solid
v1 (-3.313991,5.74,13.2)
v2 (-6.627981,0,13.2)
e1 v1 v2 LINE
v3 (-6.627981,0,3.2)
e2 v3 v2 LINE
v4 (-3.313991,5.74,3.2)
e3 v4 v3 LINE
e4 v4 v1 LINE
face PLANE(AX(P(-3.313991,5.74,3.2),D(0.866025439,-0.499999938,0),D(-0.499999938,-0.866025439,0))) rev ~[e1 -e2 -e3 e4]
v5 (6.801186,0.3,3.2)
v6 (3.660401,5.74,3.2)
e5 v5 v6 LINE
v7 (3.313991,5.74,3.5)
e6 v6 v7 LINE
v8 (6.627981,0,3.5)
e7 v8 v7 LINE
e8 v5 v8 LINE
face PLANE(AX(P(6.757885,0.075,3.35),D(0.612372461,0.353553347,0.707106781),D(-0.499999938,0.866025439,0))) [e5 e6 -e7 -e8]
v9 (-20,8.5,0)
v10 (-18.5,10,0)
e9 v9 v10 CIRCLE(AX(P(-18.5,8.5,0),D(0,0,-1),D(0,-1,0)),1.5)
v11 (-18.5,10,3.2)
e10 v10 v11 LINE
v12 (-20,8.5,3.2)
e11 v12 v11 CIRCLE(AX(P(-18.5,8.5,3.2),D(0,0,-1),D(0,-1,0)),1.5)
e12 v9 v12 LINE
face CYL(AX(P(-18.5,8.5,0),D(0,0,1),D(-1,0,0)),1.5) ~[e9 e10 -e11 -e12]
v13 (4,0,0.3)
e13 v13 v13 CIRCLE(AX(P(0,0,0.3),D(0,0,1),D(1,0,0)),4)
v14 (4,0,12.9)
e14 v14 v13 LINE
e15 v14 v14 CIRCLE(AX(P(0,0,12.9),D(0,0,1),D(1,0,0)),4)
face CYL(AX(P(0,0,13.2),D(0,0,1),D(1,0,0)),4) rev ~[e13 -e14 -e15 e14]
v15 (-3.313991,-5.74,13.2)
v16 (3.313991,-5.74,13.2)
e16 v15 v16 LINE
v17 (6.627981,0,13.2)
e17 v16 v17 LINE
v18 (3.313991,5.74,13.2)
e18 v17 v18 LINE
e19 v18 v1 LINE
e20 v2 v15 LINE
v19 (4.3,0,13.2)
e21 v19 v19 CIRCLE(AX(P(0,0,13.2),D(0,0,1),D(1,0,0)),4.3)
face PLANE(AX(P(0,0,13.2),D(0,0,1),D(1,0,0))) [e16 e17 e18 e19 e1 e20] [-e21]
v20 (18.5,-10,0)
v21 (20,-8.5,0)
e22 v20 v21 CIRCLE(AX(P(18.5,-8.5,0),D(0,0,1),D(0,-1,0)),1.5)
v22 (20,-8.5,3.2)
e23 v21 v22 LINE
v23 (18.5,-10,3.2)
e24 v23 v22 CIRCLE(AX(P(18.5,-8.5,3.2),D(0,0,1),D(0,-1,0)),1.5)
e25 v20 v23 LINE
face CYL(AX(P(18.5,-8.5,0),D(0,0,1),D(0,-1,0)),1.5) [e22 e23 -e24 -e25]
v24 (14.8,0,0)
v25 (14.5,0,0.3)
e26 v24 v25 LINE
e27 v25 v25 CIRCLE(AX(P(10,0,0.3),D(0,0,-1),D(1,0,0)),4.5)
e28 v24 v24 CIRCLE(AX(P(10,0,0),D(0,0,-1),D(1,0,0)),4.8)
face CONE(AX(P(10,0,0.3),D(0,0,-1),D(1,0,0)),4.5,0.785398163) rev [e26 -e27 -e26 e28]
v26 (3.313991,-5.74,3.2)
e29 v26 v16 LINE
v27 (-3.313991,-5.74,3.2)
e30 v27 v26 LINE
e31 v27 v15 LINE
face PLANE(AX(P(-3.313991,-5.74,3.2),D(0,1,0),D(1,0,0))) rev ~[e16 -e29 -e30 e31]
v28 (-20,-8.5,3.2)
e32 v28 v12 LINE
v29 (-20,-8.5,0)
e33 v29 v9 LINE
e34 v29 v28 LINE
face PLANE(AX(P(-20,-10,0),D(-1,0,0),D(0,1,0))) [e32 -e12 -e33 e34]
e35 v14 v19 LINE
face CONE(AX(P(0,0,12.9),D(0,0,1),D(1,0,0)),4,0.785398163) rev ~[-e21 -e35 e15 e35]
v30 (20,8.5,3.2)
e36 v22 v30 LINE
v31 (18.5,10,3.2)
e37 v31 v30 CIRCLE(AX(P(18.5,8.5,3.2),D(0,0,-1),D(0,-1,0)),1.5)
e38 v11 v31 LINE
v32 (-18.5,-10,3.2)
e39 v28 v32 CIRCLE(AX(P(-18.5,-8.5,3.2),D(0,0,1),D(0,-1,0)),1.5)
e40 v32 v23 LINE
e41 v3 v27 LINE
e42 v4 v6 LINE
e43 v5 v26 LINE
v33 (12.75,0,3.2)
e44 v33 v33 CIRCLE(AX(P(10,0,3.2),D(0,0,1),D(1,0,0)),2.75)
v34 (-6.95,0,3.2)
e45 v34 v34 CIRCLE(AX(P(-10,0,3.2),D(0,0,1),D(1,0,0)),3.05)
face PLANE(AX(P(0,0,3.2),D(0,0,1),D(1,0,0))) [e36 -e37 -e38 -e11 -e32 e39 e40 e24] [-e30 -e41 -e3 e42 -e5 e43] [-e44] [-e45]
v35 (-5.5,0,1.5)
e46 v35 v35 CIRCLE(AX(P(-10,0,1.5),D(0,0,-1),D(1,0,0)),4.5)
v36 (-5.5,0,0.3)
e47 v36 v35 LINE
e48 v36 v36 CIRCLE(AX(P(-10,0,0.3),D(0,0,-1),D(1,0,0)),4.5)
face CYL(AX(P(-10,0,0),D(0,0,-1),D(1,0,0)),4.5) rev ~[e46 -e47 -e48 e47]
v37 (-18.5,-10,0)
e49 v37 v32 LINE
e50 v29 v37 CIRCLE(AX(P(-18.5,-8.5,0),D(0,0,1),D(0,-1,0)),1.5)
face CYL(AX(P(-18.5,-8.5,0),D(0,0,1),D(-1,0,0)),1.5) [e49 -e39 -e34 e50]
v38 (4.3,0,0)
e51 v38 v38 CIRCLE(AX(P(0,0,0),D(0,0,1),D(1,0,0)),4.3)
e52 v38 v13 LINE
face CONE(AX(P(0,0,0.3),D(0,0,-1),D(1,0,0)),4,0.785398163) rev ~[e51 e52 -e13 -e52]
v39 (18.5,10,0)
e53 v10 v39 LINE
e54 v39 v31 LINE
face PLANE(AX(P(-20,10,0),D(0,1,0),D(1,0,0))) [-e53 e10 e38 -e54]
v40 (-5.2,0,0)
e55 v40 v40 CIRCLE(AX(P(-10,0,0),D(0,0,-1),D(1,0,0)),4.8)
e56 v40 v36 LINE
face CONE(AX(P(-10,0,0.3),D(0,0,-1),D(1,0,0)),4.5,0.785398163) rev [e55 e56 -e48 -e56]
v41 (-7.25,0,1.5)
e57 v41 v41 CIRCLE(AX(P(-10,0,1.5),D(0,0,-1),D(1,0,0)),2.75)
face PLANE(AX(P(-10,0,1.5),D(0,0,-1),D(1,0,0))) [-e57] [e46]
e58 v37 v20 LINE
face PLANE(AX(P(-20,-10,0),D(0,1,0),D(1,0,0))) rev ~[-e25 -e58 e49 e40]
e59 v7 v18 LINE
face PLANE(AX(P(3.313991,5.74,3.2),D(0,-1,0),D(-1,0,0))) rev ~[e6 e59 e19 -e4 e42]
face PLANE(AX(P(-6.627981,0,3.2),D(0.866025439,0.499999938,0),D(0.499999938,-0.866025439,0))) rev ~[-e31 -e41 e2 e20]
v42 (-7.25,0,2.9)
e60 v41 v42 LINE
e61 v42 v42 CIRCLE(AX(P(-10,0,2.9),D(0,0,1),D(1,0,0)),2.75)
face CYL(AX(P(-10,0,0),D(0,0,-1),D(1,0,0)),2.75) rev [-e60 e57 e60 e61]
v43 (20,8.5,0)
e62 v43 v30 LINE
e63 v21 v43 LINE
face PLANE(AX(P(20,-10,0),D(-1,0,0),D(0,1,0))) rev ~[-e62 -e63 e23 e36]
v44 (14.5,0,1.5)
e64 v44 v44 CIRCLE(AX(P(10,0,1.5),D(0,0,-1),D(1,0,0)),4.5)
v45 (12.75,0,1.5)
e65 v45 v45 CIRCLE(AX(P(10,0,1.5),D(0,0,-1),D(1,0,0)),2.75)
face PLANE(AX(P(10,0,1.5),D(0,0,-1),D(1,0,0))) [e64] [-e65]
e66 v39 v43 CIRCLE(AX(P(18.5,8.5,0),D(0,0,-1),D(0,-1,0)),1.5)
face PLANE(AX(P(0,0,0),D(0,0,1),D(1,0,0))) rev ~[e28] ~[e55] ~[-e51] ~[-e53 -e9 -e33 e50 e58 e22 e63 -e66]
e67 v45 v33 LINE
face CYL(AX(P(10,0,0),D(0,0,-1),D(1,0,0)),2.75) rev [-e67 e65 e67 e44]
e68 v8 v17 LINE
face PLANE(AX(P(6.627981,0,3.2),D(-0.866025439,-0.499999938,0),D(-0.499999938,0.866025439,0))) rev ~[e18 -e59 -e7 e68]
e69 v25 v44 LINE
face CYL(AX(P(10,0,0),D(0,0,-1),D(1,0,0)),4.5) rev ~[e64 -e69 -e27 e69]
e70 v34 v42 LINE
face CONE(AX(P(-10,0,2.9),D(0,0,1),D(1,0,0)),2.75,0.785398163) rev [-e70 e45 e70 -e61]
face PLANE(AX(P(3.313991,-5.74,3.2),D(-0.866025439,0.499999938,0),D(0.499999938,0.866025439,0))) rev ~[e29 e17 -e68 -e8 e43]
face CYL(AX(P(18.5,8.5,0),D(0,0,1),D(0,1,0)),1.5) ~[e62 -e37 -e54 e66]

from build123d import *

# Parameters (mm, degrees)
SKETCH_W        = 40
SKETCH_H        = 20
SKETCH_R        = 2.75
PAD_DEPTH       = 3.2
FILLET_R        = 1.5
PAD001_DEPTH    = 10
SKETCH002_R     = 4
POCKET_DEPTH    = 13.201
SKETCH003_R     = 4.5
POCKET001_DEPTH = 1.5
CHAMFER_SIZE    = 0.3
CHAMFER001_SIZE = 0.3


with BuildPart() as part:
    # Sketch → Pad (new body)
    with BuildSketch(Plane.XY):
        Rectangle(SKETCH_W, SKETCH_H)
        with Locations((10, 0)):
            Circle(SKETCH_R, mode=Mode.SUBTRACT)
        with Locations((-10, 0)):
            Circle(SKETCH_R, mode=Mode.SUBTRACT)
    extrude(amount=PAD_DEPTH)

    # Fillet
    fillet_edges = [part.edges().sort_by_distance(p)[0] for p in [
        (-20, -10, 1.6),
        (-20, 10, 1.6),
        (20, 10, 1.6),
        (20, -10, 1.6),
    ]]
    fillet(fillet_edges, radius=FILLET_R)

    # Sketch001 (on Face5 of Fillet) → Pad001 (join)
    with BuildSketch(Plane.XY.offset(3.2)):
        Polygon((6.627981, 0), (3.313991, 5.74), (-3.313991, 5.74), (-6.627981, 0), (-3.313991, -5.74), (3.313991, -5.74), align=None)
    extrude(amount=PAD001_DEPTH)

    # Sketch002 (on Face19 of Pad001) → Pocket (cut, through all)
    with BuildSketch(Plane.XY.offset(13.2)):
        Circle(SKETCH002_R)
    extrude(amount=-POCKET_DEPTH, mode=Mode.SUBTRACT)

    # Sketch003 (on Face2 of Pocket) → Pocket001 (cut)
    with BuildSketch(Plane(origin=(0, 0, 0), x_dir=(1, 0, 0), z_dir=(0, 0, -1))):
        with Locations((10, 0)):
            Circle(SKETCH003_R)
        with Locations((-10, 0)):
            Circle(SKETCH003_R)
    extrude(amount=-POCKET001_DEPTH, mode=Mode.SUBTRACT)

    # Chamfer
    chamfer_edges = [part.edges().sort_by_distance(p)[0] for p in [
        (5.5, 0, 0),
        (-4, 0, 0),
        (-14.5, 0, 0),
    ]]
    chamfer(chamfer_edges, length=CHAMFER_SIZE)

    # Chamfer001
    chamfer001_edges = [part.edges().sort_by_distance(p)[0] for p in [
        (4.970986, 2.87, 3.2),
        (-4, 0, 13.2),
        (-12.75, 0, 3.2),
    ]]
    chamfer(chamfer001_edges, length=CHAMFER001_SIZE)


solid = part.part
